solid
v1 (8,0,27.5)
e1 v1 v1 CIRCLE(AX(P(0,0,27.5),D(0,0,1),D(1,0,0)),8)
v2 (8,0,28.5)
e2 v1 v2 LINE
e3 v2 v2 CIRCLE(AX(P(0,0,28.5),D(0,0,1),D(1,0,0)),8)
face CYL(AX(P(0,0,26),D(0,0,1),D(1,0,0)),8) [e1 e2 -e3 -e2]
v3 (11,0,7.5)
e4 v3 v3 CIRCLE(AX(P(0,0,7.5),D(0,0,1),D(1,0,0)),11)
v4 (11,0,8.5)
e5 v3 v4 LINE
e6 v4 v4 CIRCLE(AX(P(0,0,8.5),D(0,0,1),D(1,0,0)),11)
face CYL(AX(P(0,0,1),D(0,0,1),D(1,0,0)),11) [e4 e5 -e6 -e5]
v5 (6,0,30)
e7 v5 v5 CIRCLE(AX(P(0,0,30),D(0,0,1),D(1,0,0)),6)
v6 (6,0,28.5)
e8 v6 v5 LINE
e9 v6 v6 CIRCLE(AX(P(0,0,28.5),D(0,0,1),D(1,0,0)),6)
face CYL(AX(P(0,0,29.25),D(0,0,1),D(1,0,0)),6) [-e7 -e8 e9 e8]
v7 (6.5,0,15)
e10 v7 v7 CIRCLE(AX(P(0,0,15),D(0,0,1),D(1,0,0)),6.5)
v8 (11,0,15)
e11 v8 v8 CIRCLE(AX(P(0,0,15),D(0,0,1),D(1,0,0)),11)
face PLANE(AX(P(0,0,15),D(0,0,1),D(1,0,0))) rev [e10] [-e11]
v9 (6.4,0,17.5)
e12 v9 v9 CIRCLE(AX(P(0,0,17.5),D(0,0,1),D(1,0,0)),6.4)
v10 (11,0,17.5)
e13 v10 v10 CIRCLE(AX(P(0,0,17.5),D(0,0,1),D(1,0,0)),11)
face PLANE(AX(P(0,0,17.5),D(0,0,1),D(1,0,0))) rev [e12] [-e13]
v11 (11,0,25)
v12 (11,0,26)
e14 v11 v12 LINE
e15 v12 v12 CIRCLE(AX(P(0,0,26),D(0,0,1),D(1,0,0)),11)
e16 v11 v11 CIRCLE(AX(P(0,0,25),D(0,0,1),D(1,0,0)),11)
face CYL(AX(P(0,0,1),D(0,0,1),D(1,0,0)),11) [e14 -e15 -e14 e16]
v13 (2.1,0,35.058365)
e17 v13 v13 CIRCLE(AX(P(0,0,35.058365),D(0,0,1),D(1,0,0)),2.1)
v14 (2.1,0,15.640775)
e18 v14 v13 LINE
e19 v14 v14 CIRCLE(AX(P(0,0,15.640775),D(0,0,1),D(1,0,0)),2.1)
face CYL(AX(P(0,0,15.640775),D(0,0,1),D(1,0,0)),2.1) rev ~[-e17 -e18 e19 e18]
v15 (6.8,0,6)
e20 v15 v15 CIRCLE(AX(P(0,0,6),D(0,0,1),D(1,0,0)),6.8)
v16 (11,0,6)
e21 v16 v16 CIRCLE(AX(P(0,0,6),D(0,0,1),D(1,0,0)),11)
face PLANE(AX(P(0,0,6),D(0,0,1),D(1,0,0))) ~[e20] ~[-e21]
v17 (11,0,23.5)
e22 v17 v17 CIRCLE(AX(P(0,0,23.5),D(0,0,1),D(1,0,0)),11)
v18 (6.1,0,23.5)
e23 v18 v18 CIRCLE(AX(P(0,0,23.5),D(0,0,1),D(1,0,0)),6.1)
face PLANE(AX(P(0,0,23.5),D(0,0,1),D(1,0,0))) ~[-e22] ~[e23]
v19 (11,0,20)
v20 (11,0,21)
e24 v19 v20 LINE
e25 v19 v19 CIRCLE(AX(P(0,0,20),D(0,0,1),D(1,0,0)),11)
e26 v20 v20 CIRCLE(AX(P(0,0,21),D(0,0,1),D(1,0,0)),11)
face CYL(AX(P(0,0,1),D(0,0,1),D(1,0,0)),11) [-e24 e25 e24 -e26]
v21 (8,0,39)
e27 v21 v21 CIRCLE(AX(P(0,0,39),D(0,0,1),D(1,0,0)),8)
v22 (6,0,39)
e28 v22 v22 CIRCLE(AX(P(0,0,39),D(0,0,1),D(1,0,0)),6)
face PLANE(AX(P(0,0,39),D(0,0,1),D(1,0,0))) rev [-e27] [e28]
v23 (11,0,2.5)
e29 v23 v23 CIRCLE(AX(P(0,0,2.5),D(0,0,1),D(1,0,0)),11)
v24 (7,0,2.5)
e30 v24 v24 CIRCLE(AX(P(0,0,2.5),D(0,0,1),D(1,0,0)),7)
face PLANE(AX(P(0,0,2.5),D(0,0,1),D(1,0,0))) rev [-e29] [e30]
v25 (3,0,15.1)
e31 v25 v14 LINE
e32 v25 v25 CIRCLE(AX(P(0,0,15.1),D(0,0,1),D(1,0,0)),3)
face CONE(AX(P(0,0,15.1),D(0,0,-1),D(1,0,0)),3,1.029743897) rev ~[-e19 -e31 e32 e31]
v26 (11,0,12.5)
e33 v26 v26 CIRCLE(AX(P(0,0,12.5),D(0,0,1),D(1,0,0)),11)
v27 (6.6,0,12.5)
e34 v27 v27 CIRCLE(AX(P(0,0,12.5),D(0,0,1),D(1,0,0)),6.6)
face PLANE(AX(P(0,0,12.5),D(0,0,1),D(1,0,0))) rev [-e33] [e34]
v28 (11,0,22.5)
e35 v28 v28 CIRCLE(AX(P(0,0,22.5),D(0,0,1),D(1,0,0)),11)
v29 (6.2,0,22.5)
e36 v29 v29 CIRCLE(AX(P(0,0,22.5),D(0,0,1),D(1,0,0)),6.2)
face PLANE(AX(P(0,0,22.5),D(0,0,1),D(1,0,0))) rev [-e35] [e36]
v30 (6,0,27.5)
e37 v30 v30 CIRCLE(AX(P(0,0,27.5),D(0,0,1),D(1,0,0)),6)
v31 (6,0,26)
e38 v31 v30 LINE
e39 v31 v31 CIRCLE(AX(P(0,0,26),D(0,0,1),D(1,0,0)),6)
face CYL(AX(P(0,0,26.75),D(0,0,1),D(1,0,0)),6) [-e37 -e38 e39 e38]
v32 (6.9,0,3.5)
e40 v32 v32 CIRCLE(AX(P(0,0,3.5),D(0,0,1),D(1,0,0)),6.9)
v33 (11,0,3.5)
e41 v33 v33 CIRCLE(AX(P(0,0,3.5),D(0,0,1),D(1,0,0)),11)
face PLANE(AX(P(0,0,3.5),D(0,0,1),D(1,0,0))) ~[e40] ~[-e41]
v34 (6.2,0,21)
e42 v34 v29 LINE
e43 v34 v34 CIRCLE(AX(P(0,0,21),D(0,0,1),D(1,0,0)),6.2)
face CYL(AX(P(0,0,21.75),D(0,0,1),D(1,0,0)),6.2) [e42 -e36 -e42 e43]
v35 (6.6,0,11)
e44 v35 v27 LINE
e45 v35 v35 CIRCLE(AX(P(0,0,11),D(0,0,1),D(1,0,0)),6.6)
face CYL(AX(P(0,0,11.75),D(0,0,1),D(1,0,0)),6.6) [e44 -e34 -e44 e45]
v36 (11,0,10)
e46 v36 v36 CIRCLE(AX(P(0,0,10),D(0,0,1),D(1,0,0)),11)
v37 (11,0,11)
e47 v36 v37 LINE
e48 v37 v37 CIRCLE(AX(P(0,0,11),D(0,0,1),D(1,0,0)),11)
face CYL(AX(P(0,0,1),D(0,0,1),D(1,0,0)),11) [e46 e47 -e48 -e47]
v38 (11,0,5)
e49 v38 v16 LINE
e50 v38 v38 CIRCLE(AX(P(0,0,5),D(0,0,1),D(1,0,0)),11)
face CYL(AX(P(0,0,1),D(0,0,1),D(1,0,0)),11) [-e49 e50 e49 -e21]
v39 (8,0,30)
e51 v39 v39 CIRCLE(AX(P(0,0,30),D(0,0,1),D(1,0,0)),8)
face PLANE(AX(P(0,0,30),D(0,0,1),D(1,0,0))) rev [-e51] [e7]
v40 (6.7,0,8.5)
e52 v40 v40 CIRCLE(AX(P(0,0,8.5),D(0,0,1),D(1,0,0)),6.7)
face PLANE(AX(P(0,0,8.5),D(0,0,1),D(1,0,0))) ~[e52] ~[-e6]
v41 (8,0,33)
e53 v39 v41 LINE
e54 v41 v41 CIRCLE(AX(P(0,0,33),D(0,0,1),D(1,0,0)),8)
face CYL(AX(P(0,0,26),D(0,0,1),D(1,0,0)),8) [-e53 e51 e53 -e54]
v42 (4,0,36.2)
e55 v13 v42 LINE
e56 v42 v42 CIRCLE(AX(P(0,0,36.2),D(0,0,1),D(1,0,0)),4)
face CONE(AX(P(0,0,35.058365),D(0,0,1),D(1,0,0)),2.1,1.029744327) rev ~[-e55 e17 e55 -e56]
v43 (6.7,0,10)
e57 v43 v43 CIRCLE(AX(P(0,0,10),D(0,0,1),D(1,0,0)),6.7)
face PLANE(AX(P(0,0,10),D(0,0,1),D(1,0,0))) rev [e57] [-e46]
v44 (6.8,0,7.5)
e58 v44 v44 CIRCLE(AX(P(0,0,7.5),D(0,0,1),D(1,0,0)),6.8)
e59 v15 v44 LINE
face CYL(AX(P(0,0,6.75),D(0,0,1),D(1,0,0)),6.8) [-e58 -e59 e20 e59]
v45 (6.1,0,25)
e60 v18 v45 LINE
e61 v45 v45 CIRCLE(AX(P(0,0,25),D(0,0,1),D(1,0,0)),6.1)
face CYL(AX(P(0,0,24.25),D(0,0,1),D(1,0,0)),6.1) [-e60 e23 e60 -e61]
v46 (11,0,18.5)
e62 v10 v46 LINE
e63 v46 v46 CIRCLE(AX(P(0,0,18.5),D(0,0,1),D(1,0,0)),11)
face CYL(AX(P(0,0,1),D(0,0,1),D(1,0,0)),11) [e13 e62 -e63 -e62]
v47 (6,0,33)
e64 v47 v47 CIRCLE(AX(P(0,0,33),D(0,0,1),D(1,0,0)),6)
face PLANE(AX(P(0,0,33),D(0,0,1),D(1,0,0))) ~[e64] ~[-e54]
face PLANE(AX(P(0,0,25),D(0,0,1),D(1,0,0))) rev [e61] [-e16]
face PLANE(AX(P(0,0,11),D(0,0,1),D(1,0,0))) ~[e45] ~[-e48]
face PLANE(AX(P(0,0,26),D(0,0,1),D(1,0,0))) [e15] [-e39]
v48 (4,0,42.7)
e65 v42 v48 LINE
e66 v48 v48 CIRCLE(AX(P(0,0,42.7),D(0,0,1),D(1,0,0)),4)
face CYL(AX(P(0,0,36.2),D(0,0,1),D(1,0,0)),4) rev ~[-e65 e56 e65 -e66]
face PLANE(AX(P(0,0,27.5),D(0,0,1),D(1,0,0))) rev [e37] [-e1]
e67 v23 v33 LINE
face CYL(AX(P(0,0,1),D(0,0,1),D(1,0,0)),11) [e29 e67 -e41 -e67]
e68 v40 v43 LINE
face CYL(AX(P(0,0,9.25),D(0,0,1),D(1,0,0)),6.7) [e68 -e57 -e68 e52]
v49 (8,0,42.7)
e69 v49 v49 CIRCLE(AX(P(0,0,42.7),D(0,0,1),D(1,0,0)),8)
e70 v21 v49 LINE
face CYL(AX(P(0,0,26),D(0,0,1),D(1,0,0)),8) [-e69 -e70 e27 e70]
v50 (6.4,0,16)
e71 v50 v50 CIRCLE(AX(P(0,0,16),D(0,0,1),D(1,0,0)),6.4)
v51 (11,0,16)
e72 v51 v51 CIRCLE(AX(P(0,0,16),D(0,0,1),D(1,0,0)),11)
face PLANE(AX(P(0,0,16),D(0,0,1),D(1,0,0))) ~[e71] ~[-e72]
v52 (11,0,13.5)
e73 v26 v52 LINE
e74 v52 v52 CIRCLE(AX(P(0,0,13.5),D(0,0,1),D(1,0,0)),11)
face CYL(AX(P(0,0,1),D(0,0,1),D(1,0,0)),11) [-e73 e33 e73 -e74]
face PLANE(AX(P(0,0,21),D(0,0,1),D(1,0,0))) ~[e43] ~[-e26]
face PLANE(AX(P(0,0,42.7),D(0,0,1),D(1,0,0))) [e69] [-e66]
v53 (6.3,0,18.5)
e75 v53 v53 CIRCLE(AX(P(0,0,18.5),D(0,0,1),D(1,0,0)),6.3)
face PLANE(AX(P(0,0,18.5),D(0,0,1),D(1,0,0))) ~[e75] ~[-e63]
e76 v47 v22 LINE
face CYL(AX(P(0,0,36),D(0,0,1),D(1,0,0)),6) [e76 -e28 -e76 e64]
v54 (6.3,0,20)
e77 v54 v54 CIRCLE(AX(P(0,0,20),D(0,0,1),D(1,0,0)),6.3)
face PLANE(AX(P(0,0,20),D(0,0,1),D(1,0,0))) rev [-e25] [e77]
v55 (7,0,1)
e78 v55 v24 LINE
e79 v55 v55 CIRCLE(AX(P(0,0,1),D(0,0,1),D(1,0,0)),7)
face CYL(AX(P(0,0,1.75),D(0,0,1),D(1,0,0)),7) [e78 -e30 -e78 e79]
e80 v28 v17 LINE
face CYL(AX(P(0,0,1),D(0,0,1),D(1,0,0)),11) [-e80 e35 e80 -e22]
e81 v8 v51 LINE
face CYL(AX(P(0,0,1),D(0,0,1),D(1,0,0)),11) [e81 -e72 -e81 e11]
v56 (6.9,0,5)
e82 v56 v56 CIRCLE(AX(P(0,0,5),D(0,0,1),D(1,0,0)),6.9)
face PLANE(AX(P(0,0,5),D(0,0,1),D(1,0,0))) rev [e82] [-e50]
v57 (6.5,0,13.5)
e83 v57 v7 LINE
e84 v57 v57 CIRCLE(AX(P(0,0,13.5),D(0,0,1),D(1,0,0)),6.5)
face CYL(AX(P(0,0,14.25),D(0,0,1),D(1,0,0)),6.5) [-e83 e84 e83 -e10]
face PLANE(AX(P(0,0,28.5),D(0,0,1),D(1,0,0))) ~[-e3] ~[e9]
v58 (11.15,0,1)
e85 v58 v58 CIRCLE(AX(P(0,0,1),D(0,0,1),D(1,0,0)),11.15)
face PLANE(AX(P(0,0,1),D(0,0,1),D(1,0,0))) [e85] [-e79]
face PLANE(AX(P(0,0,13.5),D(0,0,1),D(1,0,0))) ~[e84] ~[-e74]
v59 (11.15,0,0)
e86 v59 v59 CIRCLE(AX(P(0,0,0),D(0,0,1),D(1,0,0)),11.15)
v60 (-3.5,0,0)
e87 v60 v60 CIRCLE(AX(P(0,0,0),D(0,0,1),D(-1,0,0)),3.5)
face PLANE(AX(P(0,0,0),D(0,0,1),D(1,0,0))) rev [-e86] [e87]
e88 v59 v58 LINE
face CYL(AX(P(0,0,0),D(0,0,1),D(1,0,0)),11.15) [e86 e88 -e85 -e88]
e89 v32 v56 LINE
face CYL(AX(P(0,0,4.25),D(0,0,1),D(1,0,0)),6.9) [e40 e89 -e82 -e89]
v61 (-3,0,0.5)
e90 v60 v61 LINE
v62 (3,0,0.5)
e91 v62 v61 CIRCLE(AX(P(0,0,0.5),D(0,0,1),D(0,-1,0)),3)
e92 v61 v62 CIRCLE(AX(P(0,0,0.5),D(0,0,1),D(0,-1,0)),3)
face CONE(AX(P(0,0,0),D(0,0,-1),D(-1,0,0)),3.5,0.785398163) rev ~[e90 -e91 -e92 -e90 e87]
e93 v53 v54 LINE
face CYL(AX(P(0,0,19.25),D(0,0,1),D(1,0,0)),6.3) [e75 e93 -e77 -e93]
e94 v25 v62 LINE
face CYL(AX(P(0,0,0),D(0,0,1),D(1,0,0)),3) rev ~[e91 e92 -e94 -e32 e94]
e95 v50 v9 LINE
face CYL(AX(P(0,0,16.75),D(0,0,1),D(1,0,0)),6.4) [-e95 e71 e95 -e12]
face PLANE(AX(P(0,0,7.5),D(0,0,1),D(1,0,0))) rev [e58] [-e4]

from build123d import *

# Parameters (mm, degrees)
F2_W           = 5
F2_H           = 6
F2_H_2         = 1.5
F4_W           = 8
F4_H           = 1.5
F4_W_2         = 8.1
F4_W_3         = 8.2
F4_W_4         = 8.3
F4_W_5         = 8.4
F4_W_6         = 8.5
F4_W_7         = 8.6
F4_W_8         = 8.7
F4_W_9         = 8.8
F4_W_10        = 8.9
F9_D           = 6
F9_DEPTH       = 10
F9_CSINK_D     = 7
F9_CSINK_ANGLE = 90


with BuildPart() as f1:
    # F0 (on Front) → F1 (revolve)
    with BuildSketch(Plane.XZ):
        Polygon((0, 42.7), (0, 0), (11.15, 0), (11.15, 1), (11, 1), (11, 26), (8, 26), (8, 42.7), align=None)
    revolve(axis=Axis((0, 0, 21.35), (0, 0, 1)))

    # F2 (on Front) → F3 (revolve, cut)
    with BuildSketch(Plane.XZ):
        with Locations((8.5, 36)):
            Rectangle(F2_W, F2_H)
        with Locations((8.5, 29.25)):
            Rectangle(F2_W, F2_H_2)
        with Locations((8.5, 26.75)):
            Rectangle(F2_W, F2_H_2)
    revolve(axis=Axis((0, 0, 22.5), (0, 0, 1)), mode=Mode.SUBTRACT)

    # F4 (on Front) → F5 (revolve, cut)
    with BuildSketch(Plane.XZ):
        with Locations((11, 1.75)):
            Rectangle(F4_W, F4_H)
        with Locations((10.95, 4.25)):
            Rectangle(F4_W_2, F4_H)
        with Locations((10.9, 6.75)):
            Rectangle(F4_W_3, F4_H)
        with Locations((10.85, 9.25)):
            Rectangle(F4_W_4, F4_H)
        with Locations((10.8, 11.75)):
            Rectangle(F4_W_5, F4_H)
        with Locations((10.75, 14.25)):
            Rectangle(F4_W_6, F4_H)
        with Locations((10.7, 16.75)):
            Rectangle(F4_W_7, F4_H)
        with Locations((10.65, 19.25)):
            Rectangle(F4_W_8, F4_H)
        with Locations((10.6, 21.75)):
            Rectangle(F4_W_9, F4_H)
        with Locations((10.55, 24.25)):
            Rectangle(F4_W_10, F4_H)
    revolve(axis=Axis((0, 0, 13.092068), (0, 0, 1)), mode=Mode.SUBTRACT)

    # F6 (on Front) → F7 (revolve, cut)
    with BuildSketch(Plane.XZ):
        Polygon((0, 42.7), (0, 0), (3, 0), (3, 15.1), (2.1, 15.640775), (2.1, 35.058365), (4, 36.2), (4, 42.7), align=None)
    revolve(axis=Axis((0, 0, 21.35), (0, 0, 1)), mode=Mode.SUBTRACT)

    # F9
    with Locations(Plane(origin=(0, 0, 0), x_dir=(1, 0, 0), z_dir=(0, 0, -1))):
        with Locations((0, 0)):
            CounterSinkHole(F9_D / 2, F9_CSINK_D / 2, depth=F9_DEPTH, counter_sink_angle=F9_CSINK_ANGLE)


solid = f1.part
